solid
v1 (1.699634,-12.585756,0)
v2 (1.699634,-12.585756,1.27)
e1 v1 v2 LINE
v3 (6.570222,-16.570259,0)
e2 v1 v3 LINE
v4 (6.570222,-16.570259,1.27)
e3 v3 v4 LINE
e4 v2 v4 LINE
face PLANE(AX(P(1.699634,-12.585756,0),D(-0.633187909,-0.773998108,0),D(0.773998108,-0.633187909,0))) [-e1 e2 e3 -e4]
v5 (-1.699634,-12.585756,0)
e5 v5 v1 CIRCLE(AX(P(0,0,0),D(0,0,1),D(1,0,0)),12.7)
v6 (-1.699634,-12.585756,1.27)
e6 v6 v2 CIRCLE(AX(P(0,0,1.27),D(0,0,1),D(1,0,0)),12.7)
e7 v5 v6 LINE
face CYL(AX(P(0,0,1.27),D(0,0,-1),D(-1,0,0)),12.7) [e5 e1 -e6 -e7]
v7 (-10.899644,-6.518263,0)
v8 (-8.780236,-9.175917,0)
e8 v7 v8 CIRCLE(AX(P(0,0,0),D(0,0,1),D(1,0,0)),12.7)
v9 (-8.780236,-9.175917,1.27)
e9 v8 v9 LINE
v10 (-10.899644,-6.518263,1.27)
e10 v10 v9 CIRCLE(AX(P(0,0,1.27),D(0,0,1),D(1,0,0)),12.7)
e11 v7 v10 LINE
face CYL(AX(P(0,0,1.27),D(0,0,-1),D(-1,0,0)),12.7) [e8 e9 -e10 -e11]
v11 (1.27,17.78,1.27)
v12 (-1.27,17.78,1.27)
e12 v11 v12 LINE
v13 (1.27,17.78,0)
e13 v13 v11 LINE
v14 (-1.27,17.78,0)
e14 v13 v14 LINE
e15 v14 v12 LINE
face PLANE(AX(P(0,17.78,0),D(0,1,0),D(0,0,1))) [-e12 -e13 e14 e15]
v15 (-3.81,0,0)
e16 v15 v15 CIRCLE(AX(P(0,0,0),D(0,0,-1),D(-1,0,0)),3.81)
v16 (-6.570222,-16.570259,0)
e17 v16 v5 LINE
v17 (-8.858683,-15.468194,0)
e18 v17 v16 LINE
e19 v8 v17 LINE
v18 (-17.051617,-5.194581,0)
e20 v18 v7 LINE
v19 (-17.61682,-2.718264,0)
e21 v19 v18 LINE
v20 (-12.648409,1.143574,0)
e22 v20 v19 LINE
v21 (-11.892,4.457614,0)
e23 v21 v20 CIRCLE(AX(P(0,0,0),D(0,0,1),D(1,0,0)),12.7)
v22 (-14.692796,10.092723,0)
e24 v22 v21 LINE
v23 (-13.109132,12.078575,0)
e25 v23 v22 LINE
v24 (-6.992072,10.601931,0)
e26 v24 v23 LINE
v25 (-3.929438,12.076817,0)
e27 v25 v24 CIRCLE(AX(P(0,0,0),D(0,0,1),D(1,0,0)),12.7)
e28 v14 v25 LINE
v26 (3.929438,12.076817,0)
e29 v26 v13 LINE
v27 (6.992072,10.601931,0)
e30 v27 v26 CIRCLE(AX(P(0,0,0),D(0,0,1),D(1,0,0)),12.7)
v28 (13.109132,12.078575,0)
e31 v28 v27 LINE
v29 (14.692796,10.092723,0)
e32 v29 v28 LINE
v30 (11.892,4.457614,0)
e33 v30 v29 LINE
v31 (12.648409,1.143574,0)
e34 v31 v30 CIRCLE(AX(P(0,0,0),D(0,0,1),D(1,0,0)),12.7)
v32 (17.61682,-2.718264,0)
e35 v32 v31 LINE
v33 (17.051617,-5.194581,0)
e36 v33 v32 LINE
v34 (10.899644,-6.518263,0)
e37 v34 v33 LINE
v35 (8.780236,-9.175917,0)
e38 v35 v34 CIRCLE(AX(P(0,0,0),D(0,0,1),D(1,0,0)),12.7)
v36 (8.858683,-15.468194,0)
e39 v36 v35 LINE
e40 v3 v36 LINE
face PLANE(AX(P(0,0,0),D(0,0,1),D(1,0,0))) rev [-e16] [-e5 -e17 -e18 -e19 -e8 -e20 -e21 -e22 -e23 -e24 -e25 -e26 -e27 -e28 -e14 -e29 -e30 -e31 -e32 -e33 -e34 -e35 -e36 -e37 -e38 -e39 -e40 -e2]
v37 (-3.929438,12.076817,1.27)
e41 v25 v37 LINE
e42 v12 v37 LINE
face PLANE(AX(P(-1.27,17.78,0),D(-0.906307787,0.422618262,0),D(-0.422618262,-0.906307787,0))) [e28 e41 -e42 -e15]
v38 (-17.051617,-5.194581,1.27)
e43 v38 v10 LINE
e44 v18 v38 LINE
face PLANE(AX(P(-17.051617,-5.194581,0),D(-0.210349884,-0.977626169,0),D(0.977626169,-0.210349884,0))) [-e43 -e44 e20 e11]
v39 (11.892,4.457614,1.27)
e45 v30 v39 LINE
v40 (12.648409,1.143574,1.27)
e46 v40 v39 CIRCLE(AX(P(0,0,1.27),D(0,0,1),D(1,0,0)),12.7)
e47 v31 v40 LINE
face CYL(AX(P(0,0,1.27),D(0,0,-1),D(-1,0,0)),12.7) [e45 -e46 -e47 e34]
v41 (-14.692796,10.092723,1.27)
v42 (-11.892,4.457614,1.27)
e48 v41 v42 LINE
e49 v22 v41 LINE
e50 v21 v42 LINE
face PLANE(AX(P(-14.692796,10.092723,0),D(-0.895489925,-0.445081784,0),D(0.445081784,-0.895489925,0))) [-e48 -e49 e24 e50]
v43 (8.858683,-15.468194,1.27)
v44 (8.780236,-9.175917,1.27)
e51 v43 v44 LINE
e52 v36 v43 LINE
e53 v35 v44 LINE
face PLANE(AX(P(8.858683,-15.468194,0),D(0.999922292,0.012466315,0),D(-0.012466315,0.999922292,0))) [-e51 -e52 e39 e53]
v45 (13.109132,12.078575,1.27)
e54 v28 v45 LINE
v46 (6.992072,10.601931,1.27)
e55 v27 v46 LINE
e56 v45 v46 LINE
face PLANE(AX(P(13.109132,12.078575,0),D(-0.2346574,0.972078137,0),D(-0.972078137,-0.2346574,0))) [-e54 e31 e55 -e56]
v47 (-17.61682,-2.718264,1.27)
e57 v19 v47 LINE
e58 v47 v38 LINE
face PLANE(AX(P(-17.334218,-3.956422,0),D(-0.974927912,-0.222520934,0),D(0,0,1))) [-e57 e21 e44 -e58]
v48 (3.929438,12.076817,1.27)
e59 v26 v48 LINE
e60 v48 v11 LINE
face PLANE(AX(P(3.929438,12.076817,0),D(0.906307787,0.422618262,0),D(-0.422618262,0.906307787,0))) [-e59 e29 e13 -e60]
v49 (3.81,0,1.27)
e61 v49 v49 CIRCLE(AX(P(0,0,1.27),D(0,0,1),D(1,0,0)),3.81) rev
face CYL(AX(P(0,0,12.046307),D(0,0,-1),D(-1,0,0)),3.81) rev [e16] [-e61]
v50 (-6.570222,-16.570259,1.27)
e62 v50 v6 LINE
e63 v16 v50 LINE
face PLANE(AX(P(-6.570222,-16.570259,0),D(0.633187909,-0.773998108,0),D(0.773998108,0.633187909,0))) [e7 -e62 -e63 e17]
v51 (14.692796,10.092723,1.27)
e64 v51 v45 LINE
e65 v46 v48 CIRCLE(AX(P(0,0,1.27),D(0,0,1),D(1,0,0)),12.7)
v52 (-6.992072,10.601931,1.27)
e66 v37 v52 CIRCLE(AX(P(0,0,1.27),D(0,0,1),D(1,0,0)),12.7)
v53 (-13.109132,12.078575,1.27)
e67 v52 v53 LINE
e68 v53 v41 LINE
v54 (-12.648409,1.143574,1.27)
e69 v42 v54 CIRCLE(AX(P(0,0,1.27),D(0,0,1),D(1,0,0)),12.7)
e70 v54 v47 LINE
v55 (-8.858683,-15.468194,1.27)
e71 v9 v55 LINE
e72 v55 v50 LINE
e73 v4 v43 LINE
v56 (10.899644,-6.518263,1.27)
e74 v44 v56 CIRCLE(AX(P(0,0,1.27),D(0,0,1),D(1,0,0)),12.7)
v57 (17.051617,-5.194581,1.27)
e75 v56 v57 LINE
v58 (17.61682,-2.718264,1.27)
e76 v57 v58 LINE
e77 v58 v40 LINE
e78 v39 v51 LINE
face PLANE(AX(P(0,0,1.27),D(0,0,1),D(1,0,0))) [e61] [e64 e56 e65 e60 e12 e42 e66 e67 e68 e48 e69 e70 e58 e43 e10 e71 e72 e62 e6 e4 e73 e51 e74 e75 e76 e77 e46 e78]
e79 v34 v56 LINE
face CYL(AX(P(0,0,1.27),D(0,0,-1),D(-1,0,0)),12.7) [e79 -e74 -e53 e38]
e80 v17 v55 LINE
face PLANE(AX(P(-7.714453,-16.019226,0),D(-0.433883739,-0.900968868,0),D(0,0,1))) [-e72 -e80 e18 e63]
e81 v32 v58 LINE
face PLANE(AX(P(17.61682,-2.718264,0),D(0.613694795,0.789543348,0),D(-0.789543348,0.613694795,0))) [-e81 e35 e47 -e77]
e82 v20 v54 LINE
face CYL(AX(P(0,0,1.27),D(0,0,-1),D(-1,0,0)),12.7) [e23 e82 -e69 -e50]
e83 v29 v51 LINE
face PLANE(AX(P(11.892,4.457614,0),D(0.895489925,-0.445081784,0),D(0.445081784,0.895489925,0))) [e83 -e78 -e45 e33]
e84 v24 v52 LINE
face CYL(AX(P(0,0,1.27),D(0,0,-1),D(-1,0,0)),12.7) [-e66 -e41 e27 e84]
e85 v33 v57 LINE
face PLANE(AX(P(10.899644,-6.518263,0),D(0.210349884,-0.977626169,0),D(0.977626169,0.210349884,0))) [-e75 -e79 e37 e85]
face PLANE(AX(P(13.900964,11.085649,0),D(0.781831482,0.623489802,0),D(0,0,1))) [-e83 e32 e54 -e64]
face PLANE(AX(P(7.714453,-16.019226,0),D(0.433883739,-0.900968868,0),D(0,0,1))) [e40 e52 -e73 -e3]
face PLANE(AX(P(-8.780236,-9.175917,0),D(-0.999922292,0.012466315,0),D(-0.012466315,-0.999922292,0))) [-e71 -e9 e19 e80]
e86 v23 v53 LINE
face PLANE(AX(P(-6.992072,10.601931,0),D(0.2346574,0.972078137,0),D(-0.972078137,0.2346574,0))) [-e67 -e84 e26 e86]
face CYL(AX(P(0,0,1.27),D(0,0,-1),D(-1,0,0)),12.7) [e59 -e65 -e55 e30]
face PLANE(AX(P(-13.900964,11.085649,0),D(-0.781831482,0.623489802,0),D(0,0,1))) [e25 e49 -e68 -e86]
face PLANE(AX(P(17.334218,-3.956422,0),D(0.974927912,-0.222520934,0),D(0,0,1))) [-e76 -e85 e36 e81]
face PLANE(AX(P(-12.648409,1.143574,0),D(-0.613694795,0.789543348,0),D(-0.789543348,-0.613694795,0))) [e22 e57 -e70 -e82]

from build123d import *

# Parameters (mm, degrees)
SKETCH1_R           = 12.7
BOSS_EXTRUDE1_DEPTH = 1.27
BOSS_EXTRUDE2_DEPTH = 1.27
CIRPATTERN1_COUNT   = 7
SKETCH4_R           = 3.81
CUT_EXTRUDE1_DEPTH  = 1.27


with BuildPart() as part:
    # Sketch1 → Boss-Extrude1 (new body)
    with BuildSketch(Plane.XY):
        Circle(SKETCH1_R)
    extrude(amount=BOSS_EXTRUDE1_DEPTH)

    # Sketch3 → Boss-Extrude2 (add)
    with BuildSketch(Plane.XY.offset(1.27)):
        Polygon((0, 17.78), (-1.27, 17.78), (-3.929437707, 12.076817433), (3.929437707, 12.076817433), (1.27, 17.78), align=None)
    boss_extrude2 = extrude(amount=-BOSS_EXTRUDE2_DEPTH)

    # CirPattern1: Boss-Extrude2 ×7 about axis
    cirpattern1_axis = Axis((0, 0, 0), (0, 0, 1))
    for i in range(1, CIRPATTERN1_COUNT):
        add(boss_extrude2.rotate(cirpattern1_axis, i * 360 / CIRPATTERN1_COUNT))

    # Sketch4 → Cut-Extrude1 (cut)
    with BuildSketch(Plane(origin=(0, 0, 0), x_dir=(-1, 0, 0), z_dir=(0, 0, -1))):
        Circle(SKETCH4_R)
    extrude(amount=-CUT_EXTRUDE1_DEPTH, mode=Mode.SUBTRACT)


solid = part.part
